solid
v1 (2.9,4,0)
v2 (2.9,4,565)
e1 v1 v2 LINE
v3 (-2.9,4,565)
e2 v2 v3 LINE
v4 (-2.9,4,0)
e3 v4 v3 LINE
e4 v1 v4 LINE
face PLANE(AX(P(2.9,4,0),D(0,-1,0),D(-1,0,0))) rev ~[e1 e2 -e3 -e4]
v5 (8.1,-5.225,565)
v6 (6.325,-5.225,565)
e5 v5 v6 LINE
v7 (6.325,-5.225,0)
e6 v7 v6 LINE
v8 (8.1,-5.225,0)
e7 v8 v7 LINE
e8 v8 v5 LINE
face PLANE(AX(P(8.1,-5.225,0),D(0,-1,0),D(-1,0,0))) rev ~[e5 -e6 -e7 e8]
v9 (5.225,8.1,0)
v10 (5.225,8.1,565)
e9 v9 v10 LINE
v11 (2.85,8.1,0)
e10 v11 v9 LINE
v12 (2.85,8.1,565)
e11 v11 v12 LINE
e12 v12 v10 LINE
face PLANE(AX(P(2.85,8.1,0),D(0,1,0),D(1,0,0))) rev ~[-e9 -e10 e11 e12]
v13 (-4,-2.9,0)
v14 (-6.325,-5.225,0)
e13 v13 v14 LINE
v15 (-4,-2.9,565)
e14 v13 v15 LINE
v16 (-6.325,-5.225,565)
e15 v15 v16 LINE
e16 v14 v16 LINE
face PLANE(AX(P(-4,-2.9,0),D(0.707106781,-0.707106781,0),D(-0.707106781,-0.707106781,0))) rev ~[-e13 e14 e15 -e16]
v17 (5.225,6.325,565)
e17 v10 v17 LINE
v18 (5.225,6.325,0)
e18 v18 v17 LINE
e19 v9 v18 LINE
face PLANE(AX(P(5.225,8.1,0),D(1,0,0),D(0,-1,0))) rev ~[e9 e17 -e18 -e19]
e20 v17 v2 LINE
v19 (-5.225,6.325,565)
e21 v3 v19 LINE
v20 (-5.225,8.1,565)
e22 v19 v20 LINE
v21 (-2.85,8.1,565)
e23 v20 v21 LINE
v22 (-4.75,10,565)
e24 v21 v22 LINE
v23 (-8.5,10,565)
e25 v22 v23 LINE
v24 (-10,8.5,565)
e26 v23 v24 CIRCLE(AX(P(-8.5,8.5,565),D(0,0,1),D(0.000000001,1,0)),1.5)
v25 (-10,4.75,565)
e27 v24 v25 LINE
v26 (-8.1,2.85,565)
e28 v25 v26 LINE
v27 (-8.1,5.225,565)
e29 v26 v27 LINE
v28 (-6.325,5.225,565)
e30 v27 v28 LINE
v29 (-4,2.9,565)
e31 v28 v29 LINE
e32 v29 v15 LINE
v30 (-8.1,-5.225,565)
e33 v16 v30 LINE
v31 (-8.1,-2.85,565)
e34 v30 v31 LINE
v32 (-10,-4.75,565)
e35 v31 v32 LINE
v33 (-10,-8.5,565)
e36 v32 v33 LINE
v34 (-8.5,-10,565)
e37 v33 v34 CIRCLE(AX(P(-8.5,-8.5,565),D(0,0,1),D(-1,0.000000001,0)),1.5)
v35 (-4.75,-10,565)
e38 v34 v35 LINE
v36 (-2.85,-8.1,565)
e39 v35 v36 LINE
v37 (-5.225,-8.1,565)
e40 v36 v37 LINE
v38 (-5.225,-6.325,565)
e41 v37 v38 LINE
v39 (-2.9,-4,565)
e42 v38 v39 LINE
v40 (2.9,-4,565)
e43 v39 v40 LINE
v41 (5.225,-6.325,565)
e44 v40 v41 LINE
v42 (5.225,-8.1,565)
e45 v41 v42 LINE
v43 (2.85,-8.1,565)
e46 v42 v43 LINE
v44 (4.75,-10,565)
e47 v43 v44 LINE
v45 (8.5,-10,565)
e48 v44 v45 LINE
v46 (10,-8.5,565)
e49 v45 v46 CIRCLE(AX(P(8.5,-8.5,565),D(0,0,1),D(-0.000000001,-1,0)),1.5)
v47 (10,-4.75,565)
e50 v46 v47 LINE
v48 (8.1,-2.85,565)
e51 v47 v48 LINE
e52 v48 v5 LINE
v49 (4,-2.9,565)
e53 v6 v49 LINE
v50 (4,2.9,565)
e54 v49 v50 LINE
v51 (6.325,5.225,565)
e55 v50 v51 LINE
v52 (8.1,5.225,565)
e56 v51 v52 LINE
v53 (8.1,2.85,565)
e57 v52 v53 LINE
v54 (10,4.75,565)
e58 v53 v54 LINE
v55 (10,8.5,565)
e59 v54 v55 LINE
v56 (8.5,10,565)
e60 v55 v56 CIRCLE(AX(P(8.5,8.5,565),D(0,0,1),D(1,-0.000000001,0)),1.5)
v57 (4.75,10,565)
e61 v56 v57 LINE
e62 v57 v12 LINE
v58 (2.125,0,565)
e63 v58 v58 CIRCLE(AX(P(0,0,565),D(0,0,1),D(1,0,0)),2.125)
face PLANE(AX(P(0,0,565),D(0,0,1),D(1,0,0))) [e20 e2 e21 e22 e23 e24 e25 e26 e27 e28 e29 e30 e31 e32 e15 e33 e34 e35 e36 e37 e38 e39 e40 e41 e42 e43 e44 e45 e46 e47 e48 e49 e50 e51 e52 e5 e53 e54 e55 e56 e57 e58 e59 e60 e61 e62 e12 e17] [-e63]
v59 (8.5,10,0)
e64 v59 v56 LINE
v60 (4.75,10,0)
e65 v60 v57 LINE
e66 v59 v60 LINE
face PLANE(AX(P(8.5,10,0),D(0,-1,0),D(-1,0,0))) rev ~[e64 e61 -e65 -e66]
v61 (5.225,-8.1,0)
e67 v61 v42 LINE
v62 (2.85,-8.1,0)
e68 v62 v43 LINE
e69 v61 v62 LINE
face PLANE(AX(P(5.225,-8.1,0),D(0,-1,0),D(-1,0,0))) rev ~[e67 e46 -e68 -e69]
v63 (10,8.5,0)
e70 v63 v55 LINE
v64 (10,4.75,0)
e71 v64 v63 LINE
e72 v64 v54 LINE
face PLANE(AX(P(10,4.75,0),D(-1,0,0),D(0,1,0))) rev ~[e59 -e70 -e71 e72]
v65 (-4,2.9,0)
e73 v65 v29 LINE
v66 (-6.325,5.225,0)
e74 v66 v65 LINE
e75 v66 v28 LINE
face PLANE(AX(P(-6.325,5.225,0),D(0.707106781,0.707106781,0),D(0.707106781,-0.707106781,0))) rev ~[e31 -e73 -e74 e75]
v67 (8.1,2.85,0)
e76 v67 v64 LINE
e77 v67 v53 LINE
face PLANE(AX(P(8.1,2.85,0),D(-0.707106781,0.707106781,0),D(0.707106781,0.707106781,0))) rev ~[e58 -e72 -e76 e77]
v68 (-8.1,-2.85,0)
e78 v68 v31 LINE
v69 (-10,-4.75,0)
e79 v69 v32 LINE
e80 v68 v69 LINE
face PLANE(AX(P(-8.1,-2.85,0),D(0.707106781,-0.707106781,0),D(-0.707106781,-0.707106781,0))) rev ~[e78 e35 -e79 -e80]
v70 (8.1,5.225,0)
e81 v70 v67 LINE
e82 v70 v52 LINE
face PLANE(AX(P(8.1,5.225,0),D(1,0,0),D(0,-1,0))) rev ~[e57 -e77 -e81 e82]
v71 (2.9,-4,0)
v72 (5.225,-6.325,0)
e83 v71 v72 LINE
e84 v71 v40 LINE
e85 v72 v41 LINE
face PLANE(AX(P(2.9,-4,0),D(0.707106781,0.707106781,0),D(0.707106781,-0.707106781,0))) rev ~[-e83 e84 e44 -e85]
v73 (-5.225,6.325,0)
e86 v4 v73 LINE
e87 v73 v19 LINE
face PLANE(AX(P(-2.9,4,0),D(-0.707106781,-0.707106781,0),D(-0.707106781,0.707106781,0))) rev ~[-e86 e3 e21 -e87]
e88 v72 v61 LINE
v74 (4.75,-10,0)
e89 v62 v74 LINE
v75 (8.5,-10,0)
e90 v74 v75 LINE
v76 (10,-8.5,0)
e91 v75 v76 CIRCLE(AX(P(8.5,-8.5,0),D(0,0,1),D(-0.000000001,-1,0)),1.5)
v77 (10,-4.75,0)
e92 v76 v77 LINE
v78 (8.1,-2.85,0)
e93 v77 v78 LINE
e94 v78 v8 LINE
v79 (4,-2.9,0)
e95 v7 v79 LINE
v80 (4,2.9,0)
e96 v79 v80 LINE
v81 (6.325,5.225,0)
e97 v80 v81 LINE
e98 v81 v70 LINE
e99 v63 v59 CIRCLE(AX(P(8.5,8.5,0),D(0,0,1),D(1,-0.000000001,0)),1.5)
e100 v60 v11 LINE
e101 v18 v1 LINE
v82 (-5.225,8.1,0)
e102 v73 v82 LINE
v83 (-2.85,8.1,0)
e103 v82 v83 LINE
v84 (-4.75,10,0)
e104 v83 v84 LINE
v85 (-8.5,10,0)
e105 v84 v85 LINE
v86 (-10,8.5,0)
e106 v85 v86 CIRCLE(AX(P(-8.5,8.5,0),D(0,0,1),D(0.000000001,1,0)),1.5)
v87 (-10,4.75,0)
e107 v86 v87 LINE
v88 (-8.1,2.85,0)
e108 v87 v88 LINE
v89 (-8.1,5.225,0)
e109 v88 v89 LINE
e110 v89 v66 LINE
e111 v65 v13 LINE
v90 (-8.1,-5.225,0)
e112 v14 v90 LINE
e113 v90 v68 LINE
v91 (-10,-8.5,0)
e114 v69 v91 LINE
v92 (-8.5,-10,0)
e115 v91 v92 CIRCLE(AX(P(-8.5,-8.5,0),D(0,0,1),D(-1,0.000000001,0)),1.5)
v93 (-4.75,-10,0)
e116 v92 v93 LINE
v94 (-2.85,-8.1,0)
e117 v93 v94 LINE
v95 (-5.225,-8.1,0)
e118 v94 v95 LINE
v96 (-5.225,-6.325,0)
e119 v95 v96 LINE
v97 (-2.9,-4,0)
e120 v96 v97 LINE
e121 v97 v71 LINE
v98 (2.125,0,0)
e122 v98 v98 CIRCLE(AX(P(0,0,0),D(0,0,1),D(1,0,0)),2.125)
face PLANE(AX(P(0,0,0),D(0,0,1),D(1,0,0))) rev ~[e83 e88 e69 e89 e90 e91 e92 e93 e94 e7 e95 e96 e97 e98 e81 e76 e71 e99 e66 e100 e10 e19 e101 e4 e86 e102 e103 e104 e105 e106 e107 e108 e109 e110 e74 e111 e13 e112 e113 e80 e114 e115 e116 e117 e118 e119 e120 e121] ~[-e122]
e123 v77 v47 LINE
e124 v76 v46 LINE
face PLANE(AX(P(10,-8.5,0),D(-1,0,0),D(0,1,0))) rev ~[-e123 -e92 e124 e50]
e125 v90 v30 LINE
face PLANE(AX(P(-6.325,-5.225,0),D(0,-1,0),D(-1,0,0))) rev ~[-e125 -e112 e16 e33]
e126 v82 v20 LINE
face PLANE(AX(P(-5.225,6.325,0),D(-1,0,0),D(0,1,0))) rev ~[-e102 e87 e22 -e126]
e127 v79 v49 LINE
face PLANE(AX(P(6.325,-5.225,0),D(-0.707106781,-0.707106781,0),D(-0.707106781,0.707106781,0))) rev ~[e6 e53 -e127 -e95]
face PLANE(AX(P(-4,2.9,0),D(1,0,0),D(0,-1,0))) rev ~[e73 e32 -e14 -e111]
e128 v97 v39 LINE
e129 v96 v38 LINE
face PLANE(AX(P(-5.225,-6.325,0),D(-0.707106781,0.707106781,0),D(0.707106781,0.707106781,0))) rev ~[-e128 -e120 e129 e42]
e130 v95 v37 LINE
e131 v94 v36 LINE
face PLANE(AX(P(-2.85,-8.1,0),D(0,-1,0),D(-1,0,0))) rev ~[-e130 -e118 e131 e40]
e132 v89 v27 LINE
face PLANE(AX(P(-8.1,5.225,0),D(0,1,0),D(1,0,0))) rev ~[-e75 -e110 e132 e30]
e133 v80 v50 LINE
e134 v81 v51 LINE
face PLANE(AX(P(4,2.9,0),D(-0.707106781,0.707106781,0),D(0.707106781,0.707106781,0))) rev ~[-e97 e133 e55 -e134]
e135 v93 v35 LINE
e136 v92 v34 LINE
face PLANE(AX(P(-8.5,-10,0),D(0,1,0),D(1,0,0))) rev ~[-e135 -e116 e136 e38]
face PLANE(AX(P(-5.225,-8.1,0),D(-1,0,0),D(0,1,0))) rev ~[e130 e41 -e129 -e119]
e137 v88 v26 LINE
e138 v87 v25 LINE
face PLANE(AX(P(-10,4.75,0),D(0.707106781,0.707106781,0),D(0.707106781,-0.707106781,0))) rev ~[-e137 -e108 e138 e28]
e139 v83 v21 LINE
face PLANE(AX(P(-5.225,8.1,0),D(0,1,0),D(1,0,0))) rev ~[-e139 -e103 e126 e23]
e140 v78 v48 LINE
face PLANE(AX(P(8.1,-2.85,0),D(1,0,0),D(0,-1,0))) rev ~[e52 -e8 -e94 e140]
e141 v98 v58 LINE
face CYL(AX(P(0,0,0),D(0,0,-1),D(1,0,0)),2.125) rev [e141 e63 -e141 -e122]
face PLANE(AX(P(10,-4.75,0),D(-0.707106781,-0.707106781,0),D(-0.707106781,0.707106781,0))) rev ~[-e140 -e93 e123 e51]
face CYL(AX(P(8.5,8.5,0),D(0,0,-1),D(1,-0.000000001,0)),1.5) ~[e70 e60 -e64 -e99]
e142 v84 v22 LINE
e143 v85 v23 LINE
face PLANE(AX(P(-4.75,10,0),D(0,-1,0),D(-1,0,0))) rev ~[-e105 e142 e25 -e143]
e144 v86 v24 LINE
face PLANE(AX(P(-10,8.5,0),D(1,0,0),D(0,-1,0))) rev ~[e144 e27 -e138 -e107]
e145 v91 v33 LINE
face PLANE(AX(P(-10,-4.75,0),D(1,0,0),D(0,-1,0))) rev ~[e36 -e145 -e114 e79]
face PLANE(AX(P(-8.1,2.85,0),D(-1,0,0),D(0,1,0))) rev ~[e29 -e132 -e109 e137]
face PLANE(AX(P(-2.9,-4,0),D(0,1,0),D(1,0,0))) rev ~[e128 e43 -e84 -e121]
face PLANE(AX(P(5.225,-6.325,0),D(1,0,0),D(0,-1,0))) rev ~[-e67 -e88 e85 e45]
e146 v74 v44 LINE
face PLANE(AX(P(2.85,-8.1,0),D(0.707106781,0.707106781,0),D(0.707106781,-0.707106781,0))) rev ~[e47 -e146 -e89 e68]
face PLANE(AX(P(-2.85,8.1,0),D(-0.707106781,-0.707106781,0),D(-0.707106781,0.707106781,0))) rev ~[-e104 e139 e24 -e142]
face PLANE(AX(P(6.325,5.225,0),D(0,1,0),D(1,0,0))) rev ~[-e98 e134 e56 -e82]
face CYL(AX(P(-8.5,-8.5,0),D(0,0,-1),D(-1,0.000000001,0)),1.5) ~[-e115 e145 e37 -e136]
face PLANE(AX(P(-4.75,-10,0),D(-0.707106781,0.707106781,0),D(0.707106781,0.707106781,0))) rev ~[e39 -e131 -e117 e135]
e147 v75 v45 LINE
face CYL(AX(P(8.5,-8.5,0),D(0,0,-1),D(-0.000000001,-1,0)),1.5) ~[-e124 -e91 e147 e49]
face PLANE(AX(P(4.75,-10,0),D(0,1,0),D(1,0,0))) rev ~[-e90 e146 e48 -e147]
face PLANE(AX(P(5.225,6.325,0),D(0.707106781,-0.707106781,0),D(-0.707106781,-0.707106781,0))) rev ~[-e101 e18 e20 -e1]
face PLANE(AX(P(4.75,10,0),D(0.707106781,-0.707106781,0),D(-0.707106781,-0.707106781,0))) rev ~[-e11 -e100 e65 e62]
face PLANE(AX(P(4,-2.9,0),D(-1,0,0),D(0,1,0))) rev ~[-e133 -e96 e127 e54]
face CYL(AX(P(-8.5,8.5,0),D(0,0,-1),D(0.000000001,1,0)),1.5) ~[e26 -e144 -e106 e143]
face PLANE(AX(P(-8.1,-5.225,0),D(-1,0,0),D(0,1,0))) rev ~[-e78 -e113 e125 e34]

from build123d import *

# Parameters (mm, degrees)
SKETCH1_R           = 2.125
BOSS_EXTRUDE1_DEPTH = 565


with BuildPart() as part:
    # Sketch1 → Boss-Extrude1 (new body)
    with BuildSketch(Plane.XY):
        with BuildLine():
            Line((8.1, 5.225), (8.1, 2.85))
            Line((8.1, 2.85), (10, 4.75))
            Line((10, 4.75), (10, 8.5))
            ThreePointArc((10, 8.5), (9.560660172, 9.560660172), (8.5, 10))
            Line((8.5, 10), (4.75, 10))
            Line((4.75, 10), (2.85, 8.1))
            Line((2.85, 8.1), (5.225, 8.1))
            Line((5.225, 8.1), (5.225, 6.325))
            Line((5.225, 6.325), (2.9, 4))
            Line((2.9, 4), (-2.9, 4))
            Line((-2.9, 4), (-5.225, 6.325))
            Line((-5.225, 6.325), (-5.225, 8.1))
            Line((-5.225, 8.1), (-2.85, 8.1))
            Line((-2.85, 8.1), (-4.75, 10))
            Line((-4.75, 10), (-8.5, 10))
            ThreePointArc((-8.5, 10), (-9.560660172, 9.560660172), (-10, 8.5))
            Line((-10, 8.5), (-10, 4.75))
            Line((-10, 4.75), (-8.1, 2.85))
            Line((-8.1, 2.85), (-8.1, 5.225))
            Line((-8.1, 5.225), (-6.325, 5.225))
            Line((-6.325, 5.225), (-4, 2.9))
            Line((-4, 2.9), (-4, -2.9))
            Line((-4, -2.9), (-6.325, -5.225))
            Line((-6.325, -5.225), (-8.1, -5.225))
            Line((-8.1, -5.225), (-8.1, -2.85))
            Line((-8.1, -2.85), (-10, -4.75))
            Line((-10, -4.75), (-10, -8.5))
            ThreePointArc((-10, -8.5), (-9.560660172, -9.560660172), (-8.5, -10))
            Line((-8.5, -10), (-4.75, -10))
            Line((-4.75, -10), (-2.85, -8.1))
            Line((-2.85, -8.1), (-5.225, -8.1))
            Line((-5.225, -8.1), (-5.225, -6.325))
            Line((-5.225, -6.325), (-2.9, -4))
            Line((-2.9, -4), (2.9, -4))
            Line((2.9, -4), (5.225, -6.325))
            Line((5.225, -6.325), (5.225, -8.1))
            Line((5.225, -8.1), (2.85, -8.1))
            Line((2.85, -8.1), (4.75, -10))
            Line((4.75, -10), (8.5, -10))
            ThreePointArc((8.5, -10), (9.560660172, -9.560660172), (10, -8.5))
            Line((10, -8.5), (10, -4.75))
            Line((10, -4.75), (8.1, -2.85))
            Line((8.1, -2.85), (8.1, -5.225))
            Line((8.1, -5.225), (6.325, -5.225))
            Line((6.325, -5.225), (4, -2.9))
            Line((4, -2.9), (4, 2.9))
            Line((4, 2.9), (6.325, 5.225))
            Line((6.325, 5.225), (8.1, 5.225))
        make_face()
        Circle(SKETCH1_R, mode=Mode.SUBTRACT)
    extrude(amount=BOSS_EXTRUDE1_DEPTH)


solid = part.part
